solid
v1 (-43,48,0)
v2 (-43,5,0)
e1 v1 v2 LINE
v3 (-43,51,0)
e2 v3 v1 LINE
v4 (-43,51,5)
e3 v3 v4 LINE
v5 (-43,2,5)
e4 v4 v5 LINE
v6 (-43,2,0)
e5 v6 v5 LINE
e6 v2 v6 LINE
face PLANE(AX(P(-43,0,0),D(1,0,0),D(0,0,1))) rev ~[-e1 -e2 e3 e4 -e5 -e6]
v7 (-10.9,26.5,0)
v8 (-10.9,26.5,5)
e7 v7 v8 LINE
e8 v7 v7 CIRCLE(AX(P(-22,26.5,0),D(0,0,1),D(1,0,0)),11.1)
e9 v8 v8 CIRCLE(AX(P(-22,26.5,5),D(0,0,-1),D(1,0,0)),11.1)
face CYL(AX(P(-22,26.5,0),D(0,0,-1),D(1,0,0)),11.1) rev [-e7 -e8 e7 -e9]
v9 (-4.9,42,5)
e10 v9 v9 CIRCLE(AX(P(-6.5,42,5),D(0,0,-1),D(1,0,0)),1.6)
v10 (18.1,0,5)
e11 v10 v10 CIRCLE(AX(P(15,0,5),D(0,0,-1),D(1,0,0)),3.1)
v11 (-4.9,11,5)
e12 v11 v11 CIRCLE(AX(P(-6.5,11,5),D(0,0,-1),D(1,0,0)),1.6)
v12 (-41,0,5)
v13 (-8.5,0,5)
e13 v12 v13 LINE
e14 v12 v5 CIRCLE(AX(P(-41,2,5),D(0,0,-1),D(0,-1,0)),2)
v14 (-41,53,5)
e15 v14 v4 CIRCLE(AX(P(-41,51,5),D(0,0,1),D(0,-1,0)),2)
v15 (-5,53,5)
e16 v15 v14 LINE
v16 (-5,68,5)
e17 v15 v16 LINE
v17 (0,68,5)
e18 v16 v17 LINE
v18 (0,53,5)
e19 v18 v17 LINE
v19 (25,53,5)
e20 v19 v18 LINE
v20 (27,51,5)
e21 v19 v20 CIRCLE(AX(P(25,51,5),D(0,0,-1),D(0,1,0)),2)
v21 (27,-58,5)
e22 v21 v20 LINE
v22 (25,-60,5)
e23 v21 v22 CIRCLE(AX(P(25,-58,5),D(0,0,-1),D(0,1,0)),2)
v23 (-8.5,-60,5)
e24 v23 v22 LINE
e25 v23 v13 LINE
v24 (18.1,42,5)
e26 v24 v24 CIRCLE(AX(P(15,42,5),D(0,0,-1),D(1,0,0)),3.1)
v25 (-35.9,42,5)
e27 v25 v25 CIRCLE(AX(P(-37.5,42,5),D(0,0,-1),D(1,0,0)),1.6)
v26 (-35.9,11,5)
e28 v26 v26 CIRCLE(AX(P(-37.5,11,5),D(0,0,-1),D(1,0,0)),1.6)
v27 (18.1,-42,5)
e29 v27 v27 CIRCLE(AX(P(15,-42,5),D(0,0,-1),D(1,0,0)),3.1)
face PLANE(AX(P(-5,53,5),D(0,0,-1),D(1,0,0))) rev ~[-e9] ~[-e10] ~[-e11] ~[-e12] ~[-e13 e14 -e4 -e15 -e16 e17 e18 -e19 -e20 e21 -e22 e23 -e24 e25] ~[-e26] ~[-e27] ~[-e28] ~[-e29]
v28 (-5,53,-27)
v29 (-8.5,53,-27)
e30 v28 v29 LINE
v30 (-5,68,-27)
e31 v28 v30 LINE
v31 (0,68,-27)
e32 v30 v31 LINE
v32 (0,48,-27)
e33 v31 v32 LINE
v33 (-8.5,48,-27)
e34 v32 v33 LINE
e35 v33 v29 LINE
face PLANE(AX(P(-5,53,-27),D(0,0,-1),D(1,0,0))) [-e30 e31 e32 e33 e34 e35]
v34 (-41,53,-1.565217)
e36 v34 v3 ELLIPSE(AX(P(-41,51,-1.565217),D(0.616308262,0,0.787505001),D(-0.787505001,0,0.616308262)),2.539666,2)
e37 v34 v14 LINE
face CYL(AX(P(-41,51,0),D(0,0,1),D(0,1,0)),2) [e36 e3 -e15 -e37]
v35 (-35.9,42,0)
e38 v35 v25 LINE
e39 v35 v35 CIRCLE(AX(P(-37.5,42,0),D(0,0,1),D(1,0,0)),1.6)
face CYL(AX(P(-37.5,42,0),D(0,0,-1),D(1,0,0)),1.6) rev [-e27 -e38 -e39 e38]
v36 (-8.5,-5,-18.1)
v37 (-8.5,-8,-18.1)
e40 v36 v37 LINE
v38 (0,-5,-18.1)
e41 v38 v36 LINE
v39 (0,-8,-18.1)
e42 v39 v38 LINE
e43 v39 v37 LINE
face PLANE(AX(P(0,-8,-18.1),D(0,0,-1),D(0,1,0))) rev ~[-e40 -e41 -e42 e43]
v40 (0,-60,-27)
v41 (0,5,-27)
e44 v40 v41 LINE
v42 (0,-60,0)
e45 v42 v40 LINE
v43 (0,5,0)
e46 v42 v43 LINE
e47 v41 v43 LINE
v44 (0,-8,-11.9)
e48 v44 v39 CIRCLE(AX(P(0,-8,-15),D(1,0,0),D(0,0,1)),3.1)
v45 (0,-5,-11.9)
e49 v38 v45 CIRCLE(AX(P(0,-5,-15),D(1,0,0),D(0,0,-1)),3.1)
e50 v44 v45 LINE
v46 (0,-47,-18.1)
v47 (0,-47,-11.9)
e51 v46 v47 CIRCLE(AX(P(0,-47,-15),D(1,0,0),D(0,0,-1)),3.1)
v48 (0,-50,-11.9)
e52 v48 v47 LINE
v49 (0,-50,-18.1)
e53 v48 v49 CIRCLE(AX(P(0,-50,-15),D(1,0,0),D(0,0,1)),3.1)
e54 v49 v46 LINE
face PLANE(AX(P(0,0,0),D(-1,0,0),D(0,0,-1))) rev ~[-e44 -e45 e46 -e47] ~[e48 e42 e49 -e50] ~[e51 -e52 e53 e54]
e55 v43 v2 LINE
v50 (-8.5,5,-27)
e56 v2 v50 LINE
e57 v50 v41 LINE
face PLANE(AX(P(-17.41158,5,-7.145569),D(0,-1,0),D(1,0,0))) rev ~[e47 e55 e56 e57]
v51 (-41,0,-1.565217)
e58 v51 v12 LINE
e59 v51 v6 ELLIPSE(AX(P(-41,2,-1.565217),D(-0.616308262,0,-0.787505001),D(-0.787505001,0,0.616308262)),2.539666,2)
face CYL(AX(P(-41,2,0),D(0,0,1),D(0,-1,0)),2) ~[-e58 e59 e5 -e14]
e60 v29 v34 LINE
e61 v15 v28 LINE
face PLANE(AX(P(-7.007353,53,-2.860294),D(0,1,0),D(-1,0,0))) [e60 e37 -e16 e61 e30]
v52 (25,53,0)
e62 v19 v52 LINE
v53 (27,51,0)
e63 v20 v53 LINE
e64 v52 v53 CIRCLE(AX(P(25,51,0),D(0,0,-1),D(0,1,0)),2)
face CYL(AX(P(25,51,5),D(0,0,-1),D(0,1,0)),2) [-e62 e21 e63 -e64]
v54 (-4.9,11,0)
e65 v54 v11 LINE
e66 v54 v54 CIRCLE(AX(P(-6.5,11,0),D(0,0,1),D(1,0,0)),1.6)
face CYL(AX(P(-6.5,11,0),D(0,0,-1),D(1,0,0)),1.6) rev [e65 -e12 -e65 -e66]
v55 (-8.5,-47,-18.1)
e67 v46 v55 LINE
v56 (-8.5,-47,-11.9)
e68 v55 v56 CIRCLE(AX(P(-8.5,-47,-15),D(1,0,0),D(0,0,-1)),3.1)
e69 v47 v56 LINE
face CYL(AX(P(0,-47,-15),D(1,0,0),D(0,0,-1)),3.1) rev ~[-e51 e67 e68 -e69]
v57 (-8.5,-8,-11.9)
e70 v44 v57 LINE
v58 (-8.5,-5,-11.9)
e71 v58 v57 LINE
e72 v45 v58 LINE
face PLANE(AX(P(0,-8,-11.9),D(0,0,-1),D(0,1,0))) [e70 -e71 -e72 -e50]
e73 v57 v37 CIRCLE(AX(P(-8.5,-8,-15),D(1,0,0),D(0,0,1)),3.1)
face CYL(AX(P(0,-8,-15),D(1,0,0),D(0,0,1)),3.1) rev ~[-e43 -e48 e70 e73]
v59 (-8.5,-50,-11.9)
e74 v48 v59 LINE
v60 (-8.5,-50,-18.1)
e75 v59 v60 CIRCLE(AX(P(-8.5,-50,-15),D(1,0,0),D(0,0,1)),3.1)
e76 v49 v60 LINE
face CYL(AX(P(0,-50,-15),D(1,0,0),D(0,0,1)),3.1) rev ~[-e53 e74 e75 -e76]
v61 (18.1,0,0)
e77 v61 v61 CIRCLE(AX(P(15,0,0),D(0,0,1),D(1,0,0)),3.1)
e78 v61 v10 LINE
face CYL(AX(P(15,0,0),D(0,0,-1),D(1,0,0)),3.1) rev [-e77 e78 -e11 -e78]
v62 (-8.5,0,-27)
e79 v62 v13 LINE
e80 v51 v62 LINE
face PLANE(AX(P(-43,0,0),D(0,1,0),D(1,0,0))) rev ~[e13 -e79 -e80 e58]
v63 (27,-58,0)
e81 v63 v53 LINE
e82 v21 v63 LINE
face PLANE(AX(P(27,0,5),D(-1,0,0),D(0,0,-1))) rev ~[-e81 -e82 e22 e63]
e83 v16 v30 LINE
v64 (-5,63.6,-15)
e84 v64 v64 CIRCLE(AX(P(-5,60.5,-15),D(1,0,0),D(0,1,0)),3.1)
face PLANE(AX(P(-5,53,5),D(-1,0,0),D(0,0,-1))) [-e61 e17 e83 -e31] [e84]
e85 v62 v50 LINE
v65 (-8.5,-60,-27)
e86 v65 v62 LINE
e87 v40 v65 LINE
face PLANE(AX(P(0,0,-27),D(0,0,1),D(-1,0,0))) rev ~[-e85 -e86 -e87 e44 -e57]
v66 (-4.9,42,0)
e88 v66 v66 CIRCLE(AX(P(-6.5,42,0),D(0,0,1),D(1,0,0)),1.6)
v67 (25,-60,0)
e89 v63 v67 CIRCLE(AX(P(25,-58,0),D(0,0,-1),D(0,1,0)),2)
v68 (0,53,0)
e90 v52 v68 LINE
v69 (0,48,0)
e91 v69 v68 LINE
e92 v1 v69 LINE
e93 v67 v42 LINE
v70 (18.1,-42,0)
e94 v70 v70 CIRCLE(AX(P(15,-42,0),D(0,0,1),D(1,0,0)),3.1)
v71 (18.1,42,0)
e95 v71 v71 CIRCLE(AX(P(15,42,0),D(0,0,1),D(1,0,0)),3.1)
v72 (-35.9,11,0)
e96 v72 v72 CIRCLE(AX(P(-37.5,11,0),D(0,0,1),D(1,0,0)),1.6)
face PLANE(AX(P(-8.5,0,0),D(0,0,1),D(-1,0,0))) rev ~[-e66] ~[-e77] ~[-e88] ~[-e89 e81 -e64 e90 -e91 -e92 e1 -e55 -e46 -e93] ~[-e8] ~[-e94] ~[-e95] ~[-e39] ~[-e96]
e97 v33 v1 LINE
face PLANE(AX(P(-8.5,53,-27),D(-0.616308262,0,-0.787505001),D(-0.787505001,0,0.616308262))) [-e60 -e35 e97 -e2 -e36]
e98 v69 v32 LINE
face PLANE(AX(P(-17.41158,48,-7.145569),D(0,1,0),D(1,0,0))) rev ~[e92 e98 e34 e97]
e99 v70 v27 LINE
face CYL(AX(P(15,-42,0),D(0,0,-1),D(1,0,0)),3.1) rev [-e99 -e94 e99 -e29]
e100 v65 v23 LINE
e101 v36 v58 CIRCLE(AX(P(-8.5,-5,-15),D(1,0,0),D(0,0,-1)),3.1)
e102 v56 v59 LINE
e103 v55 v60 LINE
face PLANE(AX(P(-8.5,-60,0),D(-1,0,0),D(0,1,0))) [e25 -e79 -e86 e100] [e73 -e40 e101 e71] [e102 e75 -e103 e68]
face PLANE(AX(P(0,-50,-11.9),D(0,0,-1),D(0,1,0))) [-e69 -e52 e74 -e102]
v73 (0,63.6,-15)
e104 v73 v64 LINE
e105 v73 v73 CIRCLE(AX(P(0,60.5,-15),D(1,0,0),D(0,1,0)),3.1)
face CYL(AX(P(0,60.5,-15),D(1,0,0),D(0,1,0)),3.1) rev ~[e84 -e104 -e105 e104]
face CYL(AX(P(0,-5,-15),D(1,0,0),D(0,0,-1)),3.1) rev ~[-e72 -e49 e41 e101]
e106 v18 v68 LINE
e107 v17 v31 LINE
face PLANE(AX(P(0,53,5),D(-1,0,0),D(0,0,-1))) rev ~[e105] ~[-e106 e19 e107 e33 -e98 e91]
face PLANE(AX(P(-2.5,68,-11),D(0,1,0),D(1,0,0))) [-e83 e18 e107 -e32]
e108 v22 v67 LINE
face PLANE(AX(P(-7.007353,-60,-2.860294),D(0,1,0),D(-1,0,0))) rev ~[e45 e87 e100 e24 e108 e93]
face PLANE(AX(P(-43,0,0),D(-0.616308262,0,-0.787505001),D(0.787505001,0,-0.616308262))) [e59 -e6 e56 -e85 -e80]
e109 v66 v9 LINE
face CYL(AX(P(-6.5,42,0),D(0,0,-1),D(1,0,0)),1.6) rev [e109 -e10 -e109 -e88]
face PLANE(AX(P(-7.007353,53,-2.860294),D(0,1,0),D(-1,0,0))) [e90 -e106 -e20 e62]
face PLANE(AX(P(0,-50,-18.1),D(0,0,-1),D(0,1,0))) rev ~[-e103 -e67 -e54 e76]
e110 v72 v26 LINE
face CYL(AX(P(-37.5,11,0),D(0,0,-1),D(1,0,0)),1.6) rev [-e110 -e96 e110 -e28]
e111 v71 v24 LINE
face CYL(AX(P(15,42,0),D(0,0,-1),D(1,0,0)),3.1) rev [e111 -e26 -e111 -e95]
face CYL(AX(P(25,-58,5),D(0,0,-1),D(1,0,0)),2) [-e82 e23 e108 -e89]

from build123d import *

# Parameters (mm, degrees)
PAD_DEPTH         = 60
PAD_DEPTH_BACK    = 53
SKETCH001_R       = 11.1
SKETCH001_R_2     = 3.1
SKETCH001_R_3     = 1.6
SKETCH001_W       = 34.5
SKETCH001_H       = 60
POCKET_DEPTH      = 27.001
POCKET_DEPTH_BACK = -5.001
POCKET001_DEPTH   = 43.001
PAD001_DEPTH      = 5
PAD002_DEPTH      = 5
SKETCH005_W       = 43
SKETCH005_H       = 27
POCKET002_DEPTH   = 43.001
SKETCH006_W       = 5
SKETCH006_H       = 32
PAD003_DEPTH      = 15
SKETCH007_R       = 3.1
POCKET003_DEPTH   = 43.001
FILLET_R          = 2


with BuildPart() as part:
    # Sketch → Pad (new body, two sides)
    with BuildSketch(Plane.XZ) as pad_sk:
        Polygon((-43, 5), (27, 5), (27, 0), (0, 0), (0, -27), (-8.5, -27), (-8.5, 0), (-43, 0), align=None)
    extrude(amount=PAD_DEPTH)
    extrude(pad_sk.sketch, amount=-PAD_DEPTH_BACK)

    # Sketch001 → Pocket (cut, two sides)
    with BuildSketch(Plane.XY) as pocket_sk:
        with Locations((-22, 26.5)):
            Circle(SKETCH001_R)
        with Locations((15, 42)):
            Circle(SKETCH001_R_2)
        with Locations((15, -42)):
            Circle(SKETCH001_R_2)
        with Locations((15, 0)):
            Circle(SKETCH001_R_2)
        with Locations((-37.5, 42)):
            Circle(SKETCH001_R_3)
        with Locations((-6.5, 42)):
            Circle(SKETCH001_R_3)
        with Locations((-6.5, 11)):
            Circle(SKETCH001_R_3)
        with Locations((-37.5, 11)):
            Circle(SKETCH001_R_3)
        with Locations((-25.75, -30)):
            Rectangle(SKETCH001_W, SKETCH001_H)
    extrude(amount=-POCKET_DEPTH, mode=Mode.SUBTRACT)
    extrude(pocket_sk.sketch, amount=-POCKET_DEPTH_BACK, mode=Mode.SUBTRACT)

    # Sketch002 → Pocket001 (cut, through all)
    with BuildSketch(Plane.YZ):
        with BuildLine():
            ThreePointArc((-50, -11.9), (-53.1, -15), (-50, -18.1))
            Line((-50, -18.1), (-47, -18.1))
            ThreePointArc((-47, -18.1), (-43.9, -15), (-47, -11.9))
            Line((-50, -11.9), (-47, -11.9))
        make_face()
        with BuildLine():
            ThreePointArc((-8, -11.9), (-11.1, -15), (-8, -18.1))
            Line((-8, -18.1), (-5, -18.1))
            ThreePointArc((-5, -18.1), (-1.9, -15), (-5, -11.9))
            Line((-8, -11.9), (-5, -11.9))
        make_face()
    extrude(amount=-POCKET001_DEPTH, mode=Mode.SUBTRACT)

    # Sketch003 → Pad001 (join)
    with BuildSketch(Plane.XZ):
        Polygon((-43, 5), (-43, 0), (-8.5, -27), (0, -27), (0, 5), align=None)
    extrude(amount=-PAD001_DEPTH)

    # Sketch004 (on Face1 of Pad001) → Pad002 (join)
    with BuildSketch(Plane(origin=(0, 53, 0), x_dir=(1, 0, 0), z_dir=(0, 1, 0))):
        Polygon((-43, -5), (0, -5), (0, 27), (-8.5, 27), (-43, 0), align=None)
    extrude(amount=-PAD002_DEPTH)

    # Sketch005 → Pocket002 (cut, through all)
    with BuildSketch(Plane.YZ):
        with Locations((26.5, -13.5)):
            Rectangle(SKETCH005_W, SKETCH005_H)
    extrude(amount=-POCKET002_DEPTH, mode=Mode.SUBTRACT)

    # Sketch006 (on Face4 of Pocket002) → Pad003 (join)
    with BuildSketch(Plane(origin=(0, 53, 0), x_dir=(1, 0, 0), z_dir=(0, 1, 0))):
        with Locations((-2.5, 11)):
            Rectangle(SKETCH006_W, SKETCH006_H)
    extrude(amount=PAD003_DEPTH)

    # Sketch007 → Pocket003 (cut, through all)
    with BuildSketch(Plane.YZ):
        with Locations((60.5, -15)):
            Circle(SKETCH007_R)
    extrude(amount=-POCKET003_DEPTH, mode=Mode.SUBTRACT)

    # Fillet
    fillet_edges = [part.edges().sort_by_distance(p)[0] for p in [
        (27, -60, 2.5),
        (27, 53, 2.5),
        (-43, 0, 2.5),
        (-43, 53, 2.5),
    ]]
    fillet(fillet_edges, radius=FILLET_R)


solid = part.part
